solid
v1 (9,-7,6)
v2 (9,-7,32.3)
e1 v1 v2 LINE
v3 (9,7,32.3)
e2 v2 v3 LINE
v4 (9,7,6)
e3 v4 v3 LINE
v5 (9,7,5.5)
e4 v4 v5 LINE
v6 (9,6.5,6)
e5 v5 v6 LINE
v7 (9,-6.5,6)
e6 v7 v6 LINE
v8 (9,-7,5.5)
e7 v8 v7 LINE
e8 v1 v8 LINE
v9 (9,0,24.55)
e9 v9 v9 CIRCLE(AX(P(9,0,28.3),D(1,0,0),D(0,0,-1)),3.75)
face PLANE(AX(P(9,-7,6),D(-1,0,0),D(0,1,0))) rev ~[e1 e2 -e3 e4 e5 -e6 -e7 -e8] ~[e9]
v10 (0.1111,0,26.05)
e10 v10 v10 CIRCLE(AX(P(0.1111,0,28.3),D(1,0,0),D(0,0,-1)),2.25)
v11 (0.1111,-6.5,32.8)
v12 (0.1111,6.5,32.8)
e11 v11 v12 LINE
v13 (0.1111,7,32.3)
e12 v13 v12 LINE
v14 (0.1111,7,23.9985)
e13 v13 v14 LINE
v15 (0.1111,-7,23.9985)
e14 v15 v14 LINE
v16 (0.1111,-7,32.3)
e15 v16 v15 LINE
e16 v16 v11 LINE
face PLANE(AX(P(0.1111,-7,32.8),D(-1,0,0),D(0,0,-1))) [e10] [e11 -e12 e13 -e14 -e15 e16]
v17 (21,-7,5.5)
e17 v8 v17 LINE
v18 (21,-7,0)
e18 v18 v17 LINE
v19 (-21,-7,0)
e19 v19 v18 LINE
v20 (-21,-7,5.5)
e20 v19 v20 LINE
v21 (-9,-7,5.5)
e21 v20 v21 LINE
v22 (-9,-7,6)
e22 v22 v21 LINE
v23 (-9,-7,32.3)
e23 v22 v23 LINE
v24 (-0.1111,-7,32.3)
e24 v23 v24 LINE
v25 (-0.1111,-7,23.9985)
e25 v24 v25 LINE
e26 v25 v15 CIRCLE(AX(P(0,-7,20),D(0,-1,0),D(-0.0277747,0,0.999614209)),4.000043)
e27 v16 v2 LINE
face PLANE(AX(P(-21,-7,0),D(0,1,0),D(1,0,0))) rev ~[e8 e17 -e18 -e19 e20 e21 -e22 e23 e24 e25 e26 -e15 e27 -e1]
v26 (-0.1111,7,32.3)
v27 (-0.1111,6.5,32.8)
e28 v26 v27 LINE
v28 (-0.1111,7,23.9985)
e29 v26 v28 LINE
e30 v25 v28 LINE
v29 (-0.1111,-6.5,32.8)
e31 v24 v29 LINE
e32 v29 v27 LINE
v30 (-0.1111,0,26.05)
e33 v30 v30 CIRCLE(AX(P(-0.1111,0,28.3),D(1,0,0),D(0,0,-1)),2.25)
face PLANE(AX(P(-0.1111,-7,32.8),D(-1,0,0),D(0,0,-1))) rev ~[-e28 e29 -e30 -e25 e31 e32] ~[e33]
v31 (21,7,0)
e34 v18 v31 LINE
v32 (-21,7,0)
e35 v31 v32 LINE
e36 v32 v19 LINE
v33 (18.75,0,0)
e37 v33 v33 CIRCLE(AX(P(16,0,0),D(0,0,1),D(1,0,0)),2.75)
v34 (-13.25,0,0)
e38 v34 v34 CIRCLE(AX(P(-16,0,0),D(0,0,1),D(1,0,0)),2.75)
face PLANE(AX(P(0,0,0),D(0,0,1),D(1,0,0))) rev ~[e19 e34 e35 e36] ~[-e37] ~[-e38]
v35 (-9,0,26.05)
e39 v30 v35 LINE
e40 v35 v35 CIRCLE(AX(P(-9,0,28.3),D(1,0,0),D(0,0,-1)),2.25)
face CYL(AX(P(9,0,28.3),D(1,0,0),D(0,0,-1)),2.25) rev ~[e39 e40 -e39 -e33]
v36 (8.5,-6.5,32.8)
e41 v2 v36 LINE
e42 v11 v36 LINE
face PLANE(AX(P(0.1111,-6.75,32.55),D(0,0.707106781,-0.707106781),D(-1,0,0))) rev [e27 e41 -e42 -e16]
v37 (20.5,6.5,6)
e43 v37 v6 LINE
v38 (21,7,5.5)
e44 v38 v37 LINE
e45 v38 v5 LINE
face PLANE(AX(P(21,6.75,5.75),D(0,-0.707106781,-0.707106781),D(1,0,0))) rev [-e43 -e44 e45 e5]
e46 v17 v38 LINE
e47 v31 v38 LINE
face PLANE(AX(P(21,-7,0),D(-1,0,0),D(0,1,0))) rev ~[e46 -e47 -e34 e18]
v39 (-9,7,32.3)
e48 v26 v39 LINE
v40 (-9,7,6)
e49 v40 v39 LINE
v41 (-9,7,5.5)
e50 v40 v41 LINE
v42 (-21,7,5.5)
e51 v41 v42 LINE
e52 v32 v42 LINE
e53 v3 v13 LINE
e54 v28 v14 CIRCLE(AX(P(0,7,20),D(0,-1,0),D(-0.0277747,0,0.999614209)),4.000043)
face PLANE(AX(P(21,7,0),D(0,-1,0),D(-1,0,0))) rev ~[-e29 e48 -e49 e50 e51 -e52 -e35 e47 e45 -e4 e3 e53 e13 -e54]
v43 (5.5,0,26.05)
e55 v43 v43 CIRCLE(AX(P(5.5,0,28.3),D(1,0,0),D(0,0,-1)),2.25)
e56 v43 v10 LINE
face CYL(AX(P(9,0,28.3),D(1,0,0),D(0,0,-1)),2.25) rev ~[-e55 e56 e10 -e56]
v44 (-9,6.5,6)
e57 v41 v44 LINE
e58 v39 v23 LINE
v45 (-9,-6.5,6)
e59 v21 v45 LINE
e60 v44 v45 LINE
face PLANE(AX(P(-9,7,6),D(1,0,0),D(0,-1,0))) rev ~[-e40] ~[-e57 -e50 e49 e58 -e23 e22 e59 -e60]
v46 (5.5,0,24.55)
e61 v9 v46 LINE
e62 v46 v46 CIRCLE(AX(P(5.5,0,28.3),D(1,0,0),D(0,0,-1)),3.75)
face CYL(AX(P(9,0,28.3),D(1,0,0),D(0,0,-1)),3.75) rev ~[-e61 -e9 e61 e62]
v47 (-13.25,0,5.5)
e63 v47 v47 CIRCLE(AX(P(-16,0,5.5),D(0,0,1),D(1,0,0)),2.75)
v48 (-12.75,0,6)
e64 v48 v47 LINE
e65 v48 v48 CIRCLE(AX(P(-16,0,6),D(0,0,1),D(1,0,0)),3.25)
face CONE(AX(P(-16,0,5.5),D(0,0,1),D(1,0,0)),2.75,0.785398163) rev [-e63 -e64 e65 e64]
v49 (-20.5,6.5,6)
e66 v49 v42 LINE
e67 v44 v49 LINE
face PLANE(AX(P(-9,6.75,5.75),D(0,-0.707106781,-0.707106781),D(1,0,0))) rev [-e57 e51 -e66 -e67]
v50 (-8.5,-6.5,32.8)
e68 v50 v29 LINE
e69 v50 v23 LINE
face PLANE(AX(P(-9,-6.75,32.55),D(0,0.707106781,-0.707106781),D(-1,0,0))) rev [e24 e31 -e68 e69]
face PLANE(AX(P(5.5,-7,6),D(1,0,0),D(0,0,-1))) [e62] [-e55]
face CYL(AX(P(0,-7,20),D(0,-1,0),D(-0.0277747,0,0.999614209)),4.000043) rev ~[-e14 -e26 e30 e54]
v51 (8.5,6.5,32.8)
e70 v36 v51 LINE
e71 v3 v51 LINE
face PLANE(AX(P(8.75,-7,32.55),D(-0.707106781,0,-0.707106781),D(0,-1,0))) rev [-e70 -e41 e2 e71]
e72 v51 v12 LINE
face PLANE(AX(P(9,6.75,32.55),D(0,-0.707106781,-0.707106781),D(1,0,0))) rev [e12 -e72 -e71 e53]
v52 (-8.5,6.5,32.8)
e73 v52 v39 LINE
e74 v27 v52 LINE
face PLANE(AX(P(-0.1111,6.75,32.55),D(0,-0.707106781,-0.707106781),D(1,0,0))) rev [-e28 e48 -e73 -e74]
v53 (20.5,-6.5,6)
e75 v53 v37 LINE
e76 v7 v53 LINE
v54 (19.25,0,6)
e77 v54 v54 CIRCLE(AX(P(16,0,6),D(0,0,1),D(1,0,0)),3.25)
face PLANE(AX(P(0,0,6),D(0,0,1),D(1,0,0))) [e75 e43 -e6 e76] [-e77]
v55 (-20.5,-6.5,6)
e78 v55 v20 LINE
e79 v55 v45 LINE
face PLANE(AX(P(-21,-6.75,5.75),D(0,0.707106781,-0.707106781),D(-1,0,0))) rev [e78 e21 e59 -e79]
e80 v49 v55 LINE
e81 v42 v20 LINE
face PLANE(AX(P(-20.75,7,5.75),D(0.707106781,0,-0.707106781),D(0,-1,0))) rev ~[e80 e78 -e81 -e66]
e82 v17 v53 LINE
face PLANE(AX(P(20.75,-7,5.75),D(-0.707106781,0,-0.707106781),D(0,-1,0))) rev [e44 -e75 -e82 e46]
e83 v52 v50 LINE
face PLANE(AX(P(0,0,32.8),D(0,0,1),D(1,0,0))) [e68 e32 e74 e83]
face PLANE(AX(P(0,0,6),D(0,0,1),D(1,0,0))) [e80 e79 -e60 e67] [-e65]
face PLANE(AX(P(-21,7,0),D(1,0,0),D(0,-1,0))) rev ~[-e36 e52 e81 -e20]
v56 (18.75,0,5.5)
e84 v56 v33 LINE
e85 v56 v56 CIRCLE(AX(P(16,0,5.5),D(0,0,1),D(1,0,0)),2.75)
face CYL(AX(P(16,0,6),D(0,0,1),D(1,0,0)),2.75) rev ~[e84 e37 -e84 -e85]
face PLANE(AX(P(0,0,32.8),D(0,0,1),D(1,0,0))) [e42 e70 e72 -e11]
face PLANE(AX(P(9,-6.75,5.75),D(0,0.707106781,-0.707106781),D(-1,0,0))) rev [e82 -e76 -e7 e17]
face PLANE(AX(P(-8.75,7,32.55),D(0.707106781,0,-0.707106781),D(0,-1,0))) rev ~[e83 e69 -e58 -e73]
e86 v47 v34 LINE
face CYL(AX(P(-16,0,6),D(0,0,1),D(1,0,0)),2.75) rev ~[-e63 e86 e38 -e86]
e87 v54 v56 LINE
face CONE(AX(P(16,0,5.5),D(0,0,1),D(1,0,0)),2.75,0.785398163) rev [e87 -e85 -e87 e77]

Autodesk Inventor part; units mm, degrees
ref_plane "YZ Plane" through (0, 0, 0) normal (1, 0, 0) x (0, 1, 0)
ref_plane "XZ Plane" through (0, 0, 0) normal (0, 1, 0) x (-1, 0, 0)
ref_plane "XY Plane" through (0, 0, 0) normal (0, 0, 1) x (1, 0, 0)
sketch "Skizze1" plane through (0, 0, 0) normal (0, 0, 1) x (1, 0, 0)
  line L0 (21, 7) -> (-21, 7)
  line L1 (-21, 7) -> (-21, -7)
  line L2 (-21, -7) -> (21, -7)
  line L3 (21, -7) -> (21, 7)
  line L4 (21, 7) -> (-21, -7) construction
  line L5 (-21, 7) -> (21, -7) construction
  point P0 (0, 0)
  dimension "d0" = 42
  dimension "d1" = 14
extrude "Extrusion1" add sketch "Skizze1" along normal blind 6
sketch "Skizze2" plane through (0, 0, 6) normal (0, 0, 1) x (1, 0, 0)
  line L0 (21, 7) -> (-21, 7) projected
  line L1 (-9, -7) -> (9, -7)
  line L2 (9, -7) -> (9, 7)
  line L3 (9, 7) -> (-9, 7)
  line L4 (-9, 7) -> (-9, -7)
  line L5 (-9, -7) -> (9, 7) construction
  line L6 (9, -7) -> (-9, 7) construction
  point P0 (0, 0)
  dimension "d4" = 18
extrude "Extrusion2" add sketch "Skizze2" along normal blind 26.8
sketch "Skizze3" plane through (-21, -7, 0) normal (0, -1, 0) x (1, 0, 0)
  line L0 (20.8889, 32.8) -> (20.8889, 23.9985)
  line L1 (21.1111, 32.8) -> (21.1111, 23.9985)
  arc A0 (20.8889, 23.9985) -> (21.1111, 23.9985) centre (21, 20) ccw
  line L2 (20.8889, 32.8) -> (21.1111, 32.8)
  line L3 (0, 0) -> (42, 0) projected
  line L4 (12, 32.8) -> (30, 32.8) projected
  point P0 (21, 0)
  dimension "d28" = 20
  dimension "d29" = 4
  dimension "d30" = 0
extrude "Extrusion3" cut sketch "Skizze3" against normal through all
sketch "Skizze4" plane through (9, -7, 6) normal (1, 0, 0) x (0, 0, -1)
  circle A0 centre (-22.3, 7) radius 2.25
  line L0 (-26.8, 0) -> (-26.8, 14) projected
  point P0 (6, 7)
  dimension "d13" = 4.5
  dimension "d31" = 4.5
extrude "Extrusion4" cut sketch "Skizze4" against normal through all
sketch "Skizze5" plane through (9, -7, 6) normal (1, 0, 0) x (0, 0, -1)
  circle A0 centre (-22.3, 7) radius 2.25 projected
  circle A1 centre (-22.3, 7) radius 3.75
  point P0 (6, 7)
  dimension "d16" = 7.5
extrude "Extrusion5" cut sketch "Skizze5" against normal blind 3.5
sketch "Skizze6" plane through (0, 0, 6) normal (0, 0, 1) x (1, 0, 0)
  circle A0 centre (16, 0) radius 2.75
  circle A1 centre (-16, 0) radius 2.75
  line L0 (-21, 7) -> (-21, -7) projected
  point P0 (0, 0)
  dimension "d19" = 5.5
  dimension "d20" = 5.5
  dimension "d21" = 32
  dimension "d22" = 5
extrude "Extrusion6" cut sketch "Skizze6" against normal up to next
chamfer "Fase1" distance 0.5 angle 45 14 edges at (21, 0, 6) (-21, 0, 6) (15, 7, 6) (-15, 7, 6) (-15, -7, 6) (15, -7, 6) (9, 0, 32.8) (-9, 0, 32.8) (-4.5556, -7, 32.8) (4.5556, -7, 32.8) (4.5556, 7, 32.8) (-4.5556, 7, 32.8) (13.25, 0, 6) (-18.75, 0, 6)
properties part number "SK12" material "Aluminium 5005"
